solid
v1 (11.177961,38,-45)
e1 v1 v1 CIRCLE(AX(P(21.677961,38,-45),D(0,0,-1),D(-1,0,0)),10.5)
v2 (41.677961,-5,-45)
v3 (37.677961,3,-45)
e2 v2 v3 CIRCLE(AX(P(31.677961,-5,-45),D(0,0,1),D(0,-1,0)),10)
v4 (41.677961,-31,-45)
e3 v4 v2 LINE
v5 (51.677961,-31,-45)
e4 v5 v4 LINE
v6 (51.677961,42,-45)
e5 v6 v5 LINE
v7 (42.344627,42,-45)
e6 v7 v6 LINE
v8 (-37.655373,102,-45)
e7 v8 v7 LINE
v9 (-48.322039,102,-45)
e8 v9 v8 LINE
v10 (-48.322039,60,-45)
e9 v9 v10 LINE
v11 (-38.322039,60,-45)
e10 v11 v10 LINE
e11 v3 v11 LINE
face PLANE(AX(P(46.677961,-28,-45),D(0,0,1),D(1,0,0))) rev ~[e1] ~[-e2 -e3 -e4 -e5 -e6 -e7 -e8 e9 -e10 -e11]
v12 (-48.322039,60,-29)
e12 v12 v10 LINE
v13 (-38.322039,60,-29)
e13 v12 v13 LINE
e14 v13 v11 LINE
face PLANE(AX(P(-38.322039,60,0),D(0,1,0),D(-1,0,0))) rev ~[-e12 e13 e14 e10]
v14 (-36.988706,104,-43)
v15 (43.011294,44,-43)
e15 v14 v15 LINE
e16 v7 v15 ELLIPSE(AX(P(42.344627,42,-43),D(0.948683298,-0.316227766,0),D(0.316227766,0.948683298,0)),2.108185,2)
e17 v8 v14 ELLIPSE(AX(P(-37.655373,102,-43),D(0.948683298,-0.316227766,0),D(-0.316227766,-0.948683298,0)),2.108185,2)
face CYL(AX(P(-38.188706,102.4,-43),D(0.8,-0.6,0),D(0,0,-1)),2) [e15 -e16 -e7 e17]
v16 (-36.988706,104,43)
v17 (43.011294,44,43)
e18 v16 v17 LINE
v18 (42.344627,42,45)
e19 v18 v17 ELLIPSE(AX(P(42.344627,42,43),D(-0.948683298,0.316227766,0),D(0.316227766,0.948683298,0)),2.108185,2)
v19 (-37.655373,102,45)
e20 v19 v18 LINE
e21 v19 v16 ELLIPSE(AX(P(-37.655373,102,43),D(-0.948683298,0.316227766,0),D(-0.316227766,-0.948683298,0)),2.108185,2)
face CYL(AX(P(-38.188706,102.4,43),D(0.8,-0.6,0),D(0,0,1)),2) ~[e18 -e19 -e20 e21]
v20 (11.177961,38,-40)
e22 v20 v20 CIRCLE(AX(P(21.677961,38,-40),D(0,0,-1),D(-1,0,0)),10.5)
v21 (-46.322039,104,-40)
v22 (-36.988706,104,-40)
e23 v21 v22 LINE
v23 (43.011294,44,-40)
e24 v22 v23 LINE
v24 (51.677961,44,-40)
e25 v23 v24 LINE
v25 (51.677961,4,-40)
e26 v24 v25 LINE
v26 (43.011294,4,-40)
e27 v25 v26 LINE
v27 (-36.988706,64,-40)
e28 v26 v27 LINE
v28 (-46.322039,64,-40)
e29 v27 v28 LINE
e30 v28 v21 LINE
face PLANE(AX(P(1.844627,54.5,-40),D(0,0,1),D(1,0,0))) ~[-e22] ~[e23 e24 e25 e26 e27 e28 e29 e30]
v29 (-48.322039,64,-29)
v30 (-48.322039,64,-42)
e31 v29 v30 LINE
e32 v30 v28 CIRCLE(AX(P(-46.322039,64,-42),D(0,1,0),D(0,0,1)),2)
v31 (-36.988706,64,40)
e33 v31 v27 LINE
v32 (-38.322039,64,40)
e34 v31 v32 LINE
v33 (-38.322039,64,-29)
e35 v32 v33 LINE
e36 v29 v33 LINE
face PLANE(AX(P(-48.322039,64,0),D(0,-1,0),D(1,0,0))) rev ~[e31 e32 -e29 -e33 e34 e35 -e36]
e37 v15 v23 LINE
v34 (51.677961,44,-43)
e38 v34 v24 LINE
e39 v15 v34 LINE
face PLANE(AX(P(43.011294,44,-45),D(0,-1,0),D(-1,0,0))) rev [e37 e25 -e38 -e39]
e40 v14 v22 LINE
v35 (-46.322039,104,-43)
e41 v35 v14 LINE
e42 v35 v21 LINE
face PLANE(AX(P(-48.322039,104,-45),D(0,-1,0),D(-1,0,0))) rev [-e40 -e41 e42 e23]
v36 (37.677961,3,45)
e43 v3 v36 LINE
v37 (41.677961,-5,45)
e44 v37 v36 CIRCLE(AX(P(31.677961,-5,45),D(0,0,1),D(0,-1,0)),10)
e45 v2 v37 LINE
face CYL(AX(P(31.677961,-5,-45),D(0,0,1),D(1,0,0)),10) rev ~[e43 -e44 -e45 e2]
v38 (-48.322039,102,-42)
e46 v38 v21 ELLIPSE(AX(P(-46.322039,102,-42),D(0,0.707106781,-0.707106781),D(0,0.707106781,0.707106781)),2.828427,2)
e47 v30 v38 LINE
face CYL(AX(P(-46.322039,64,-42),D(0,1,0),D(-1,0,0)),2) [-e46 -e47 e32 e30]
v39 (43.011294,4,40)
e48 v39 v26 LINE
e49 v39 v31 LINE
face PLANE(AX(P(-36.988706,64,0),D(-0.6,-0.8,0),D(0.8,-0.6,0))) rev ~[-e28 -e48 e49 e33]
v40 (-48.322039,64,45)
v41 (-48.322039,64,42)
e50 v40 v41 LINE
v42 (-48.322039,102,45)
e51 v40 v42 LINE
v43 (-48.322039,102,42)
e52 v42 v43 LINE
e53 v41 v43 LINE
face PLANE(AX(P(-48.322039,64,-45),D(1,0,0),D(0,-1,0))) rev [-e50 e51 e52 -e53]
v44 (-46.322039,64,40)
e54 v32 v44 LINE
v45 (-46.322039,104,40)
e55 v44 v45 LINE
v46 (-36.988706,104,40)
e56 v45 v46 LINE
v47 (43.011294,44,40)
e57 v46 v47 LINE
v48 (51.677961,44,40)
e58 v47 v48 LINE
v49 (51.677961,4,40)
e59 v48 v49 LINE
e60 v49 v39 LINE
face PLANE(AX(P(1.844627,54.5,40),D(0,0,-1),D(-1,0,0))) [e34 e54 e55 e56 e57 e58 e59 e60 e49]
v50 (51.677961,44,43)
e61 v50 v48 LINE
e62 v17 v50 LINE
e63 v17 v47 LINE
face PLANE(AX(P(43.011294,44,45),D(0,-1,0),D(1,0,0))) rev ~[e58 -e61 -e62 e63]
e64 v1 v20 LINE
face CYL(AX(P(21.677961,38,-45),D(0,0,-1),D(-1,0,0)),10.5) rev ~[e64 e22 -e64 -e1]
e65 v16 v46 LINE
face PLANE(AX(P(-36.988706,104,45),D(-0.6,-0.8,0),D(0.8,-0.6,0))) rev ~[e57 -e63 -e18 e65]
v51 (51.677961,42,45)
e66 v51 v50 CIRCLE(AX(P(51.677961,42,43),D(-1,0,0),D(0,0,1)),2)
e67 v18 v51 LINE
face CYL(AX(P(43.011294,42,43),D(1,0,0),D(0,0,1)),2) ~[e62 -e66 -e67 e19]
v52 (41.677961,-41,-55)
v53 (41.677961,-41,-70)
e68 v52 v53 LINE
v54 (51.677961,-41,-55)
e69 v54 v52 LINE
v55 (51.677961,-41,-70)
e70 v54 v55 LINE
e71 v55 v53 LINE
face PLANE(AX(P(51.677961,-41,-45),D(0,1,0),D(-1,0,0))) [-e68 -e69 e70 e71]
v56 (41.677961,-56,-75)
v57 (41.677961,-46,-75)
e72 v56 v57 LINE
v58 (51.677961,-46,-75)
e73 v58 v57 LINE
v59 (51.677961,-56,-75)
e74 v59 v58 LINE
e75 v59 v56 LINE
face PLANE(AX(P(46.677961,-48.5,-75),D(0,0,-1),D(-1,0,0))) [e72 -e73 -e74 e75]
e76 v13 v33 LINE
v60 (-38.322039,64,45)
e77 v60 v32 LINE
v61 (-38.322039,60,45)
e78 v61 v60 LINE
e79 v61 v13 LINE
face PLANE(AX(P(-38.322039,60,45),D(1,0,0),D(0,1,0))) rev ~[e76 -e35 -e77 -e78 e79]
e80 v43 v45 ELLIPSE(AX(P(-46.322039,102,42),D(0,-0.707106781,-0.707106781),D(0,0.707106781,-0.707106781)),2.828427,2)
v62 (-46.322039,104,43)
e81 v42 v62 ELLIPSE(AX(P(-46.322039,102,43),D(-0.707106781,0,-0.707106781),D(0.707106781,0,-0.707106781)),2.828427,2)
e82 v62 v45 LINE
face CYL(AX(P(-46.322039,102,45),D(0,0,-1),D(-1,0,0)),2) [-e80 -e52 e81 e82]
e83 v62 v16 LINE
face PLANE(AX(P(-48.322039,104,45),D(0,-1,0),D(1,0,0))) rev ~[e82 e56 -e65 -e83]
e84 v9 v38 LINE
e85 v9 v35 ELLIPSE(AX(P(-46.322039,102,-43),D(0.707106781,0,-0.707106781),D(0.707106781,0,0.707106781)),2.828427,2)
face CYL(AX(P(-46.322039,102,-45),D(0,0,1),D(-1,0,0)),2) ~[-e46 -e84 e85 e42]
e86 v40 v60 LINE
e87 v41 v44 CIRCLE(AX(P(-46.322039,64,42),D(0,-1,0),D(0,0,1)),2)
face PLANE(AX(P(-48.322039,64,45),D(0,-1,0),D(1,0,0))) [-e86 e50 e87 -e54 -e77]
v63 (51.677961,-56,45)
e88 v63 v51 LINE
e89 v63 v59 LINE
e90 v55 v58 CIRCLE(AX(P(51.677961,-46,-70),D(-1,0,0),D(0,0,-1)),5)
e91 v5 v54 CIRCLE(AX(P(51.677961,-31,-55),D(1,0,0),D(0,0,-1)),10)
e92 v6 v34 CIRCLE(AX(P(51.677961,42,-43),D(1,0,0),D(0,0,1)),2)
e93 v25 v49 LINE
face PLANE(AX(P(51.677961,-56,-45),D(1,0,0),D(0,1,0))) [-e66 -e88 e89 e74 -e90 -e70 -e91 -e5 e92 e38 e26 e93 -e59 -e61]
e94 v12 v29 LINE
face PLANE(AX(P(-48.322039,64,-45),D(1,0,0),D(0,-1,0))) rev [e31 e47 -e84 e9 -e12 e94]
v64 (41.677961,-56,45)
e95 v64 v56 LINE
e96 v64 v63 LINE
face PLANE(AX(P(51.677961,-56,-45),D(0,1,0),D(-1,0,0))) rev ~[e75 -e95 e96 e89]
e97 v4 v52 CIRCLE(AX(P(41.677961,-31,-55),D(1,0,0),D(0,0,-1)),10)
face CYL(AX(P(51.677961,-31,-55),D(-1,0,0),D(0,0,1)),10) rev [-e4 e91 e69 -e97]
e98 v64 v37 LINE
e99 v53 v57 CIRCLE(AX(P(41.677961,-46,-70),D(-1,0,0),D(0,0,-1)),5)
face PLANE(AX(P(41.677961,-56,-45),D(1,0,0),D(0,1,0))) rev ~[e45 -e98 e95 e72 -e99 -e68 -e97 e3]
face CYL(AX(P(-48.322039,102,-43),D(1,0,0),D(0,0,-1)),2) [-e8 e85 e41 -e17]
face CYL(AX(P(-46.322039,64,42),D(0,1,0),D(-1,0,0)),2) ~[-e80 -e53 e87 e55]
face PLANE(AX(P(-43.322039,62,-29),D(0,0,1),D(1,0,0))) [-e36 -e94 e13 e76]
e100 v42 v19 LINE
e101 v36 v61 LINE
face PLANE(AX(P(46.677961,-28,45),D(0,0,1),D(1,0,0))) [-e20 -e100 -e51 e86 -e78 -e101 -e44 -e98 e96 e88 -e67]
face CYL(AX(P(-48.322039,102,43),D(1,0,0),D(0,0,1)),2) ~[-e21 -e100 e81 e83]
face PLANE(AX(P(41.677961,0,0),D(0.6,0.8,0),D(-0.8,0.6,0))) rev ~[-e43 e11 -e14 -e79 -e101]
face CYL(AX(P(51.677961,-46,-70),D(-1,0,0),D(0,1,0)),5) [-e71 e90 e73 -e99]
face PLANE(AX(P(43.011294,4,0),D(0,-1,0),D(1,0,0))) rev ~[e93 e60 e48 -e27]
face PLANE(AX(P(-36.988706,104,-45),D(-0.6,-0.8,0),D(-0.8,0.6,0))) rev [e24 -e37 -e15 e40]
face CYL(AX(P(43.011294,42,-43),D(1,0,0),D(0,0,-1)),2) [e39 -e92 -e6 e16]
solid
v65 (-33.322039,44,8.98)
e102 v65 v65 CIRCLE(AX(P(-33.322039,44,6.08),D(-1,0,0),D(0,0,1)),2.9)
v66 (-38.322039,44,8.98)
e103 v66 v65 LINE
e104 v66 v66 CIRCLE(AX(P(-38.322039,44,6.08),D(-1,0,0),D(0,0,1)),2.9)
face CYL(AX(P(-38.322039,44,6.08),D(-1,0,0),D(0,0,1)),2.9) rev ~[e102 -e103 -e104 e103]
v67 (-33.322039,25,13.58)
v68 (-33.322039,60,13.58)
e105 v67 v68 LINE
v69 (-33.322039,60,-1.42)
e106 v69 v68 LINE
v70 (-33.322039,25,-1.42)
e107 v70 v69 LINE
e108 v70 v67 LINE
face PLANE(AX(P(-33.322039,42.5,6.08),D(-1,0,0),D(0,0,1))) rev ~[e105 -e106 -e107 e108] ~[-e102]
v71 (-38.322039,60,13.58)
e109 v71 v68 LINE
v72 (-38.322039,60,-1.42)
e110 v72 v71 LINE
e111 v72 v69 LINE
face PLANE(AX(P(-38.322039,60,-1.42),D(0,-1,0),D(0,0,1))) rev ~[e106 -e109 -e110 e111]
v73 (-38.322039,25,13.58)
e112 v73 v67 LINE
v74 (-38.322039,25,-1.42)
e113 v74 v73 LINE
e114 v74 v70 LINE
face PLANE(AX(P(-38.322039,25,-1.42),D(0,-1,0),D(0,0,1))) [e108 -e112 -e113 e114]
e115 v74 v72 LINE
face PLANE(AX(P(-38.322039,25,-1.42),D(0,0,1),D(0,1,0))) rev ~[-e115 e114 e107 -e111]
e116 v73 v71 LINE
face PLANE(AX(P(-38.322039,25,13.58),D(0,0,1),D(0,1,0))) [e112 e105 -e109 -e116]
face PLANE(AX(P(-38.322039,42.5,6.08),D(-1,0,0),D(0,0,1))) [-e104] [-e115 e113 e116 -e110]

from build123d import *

# Parameters (mm, degrees)
BOSS_EXTRUDE1_DEPTH = 45
BOSS_EXTRUDE2_DEPTH = 5
CUT_EXTRUDE1_REACH  = 148.924
SKETCH3_R           = 10.5
SKETCH8_W           = 10
SKETCH8_H           = 56
BOSS_EXTRUDE4_DEPTH = 90
FILLET2_R           = 10
FILLET3_R           = 2
SKETCH9_W           = 10
SKETCH9_H           = 4
CUT_EXTRUDE2_DEPTH  = 74
SKETCH10_W          = 15
SKETCH10_H          = 35
SKETCH10_R          = 2.9
BOSS_EXTRUDE5_DEPTH = 5
SKETCH11_W          = 10
SKETCH11_H          = 15
BOSS_EXTRUDE6_DEPTH = 30
FILLET4_R           = 10
FILLET5_R           = 5


with BuildPart() as part:
    # Sketch1 → Boss-Extrude1 (new, symmetric)
    with BuildSketch(Plane.XY):
        Polygon((41.677960524, 0), (-38.322039476, 60), (-48.322039476, 60), (-48.322039476, 64), (-36.988706143, 64), (43.011293857, 4), (51.677960524, 4), (51.677960524, 0), align=None)
    extrude(amount=BOSS_EXTRUDE1_DEPTH, both=True)

    # Sketch2 → Boss-Extrude2 (add)
    with BuildSketch(Plane.XY.offset(45)):
        Polygon((-48.322039476, 64), (-48.322039476, 104), (-36.988706143, 104), (43.011293857, 44), (51.677960524, 44), (51.677960524, 4), (43.011293857, 4), (-36.988706143, 64), align=None)
    boss_extrude2 = extrude(amount=-BOSS_EXTRUDE2_DEPTH)

    # Mirror1: Boss-Extrude2 across plane
    add(boss_extrude2.mirror(Plane.XY))

    # Sketch3 → Cut-Extrude1 (cut, up to next)
    with BuildSketch(Plane(origin=(0, 0, -45), x_dir=(-1, 0, 0), z_dir=(0, 0, -1)), mode=Mode.PRIVATE) as cut_extrude1_sk1:
        with Locations((-21.677960524, 38)):
            Circle(SKETCH3_R)
    cut_extrude1_tool1 = extrude(cut_extrude1_sk1.sketch, amount=-CUT_EXTRUDE1_REACH, mode=Mode.PRIVATE) & part.part
    add(cut_extrude1_tool1.solids().sort_by_distance((21.677961, 38, -45))[0], mode=Mode.SUBTRACT)

    # Sketch8 → Boss-Extrude4 (add)
    with BuildSketch(Plane.XY.offset(45)):
        with Locations((46.677960524, -28)):
            Rectangle(SKETCH8_W, SKETCH8_H)
    extrude(amount=-BOSS_EXTRUDE4_DEPTH)

    # Fillet2
    fillet2_edges = [part.edges().sort_by_distance(p)[0] for p in [
        (41.677960524, 0, 0),
    ]]
    fillet(fillet2_edges, radius=FILLET2_R)

    # Fillet3
    fillet3_edges = [part.edges().sort_by_distance(p)[0] for p in [
        (-48.322039476, 84, 40),
        (-48.322039476, 104, 42.5),
        (47.344627191, 44, 45),
        (3.011293857, 74, 45),
        (-42.655372809, 104, 45),
        (47.344627191, 44, -45),
        (3.011293857, 74, -45),
        (-42.655372809, 104, -45),
        (-48.322039476, 104, -42.5),
        (-48.322039476, 84, -40),
    ]]
    fillet(fillet3_edges, radius=FILLET3_R)

    # Sketch9 → Cut-Extrude2 (cut)
    with BuildSketch(Plane.XY.offset(45)):
        with Locations((-43.322039476, 62)):
            Rectangle(SKETCH9_W, SKETCH9_H)
    extrude(amount=-CUT_EXTRUDE2_DEPTH, mode=Mode.SUBTRACT)

    # Sketch11 → Boss-Extrude6 (add)
    with BuildSketch(Plane(origin=(0, 0, -45), x_dir=(-1, 0, 0), z_dir=(0, 0, -1))):
        with Locations((-46.677960524, -48.5)):
            Rectangle(SKETCH11_W, SKETCH11_H)
    extrude(amount=BOSS_EXTRUDE6_DEPTH)

    # Fillet4
    fillet4_edges = [part.edges().sort_by_distance(p)[0] for p in [
        (46.677960524, -41, -45),
    ]]
    fillet(fillet4_edges, radius=FILLET4_R)

    # Fillet5
    fillet5_edges = [part.edges().sort_by_distance(p)[0] for p in [
        (46.677960524, -41, -75),
    ]]
    fillet(fillet5_edges, radius=FILLET5_R)


with BuildPart() as body_2:
    # Sketch10 → Boss-Extrude5 (new body)
    with BuildSketch(Plane.ZY.offset(38.322039476)):
        with Locations((6.08, 42.5)):
            Rectangle(SKETCH10_W, SKETCH10_H)
        with Locations((6.08, 44)):
            Circle(SKETCH10_R, mode=Mode.SUBTRACT)
    extrude(amount=-BOSS_EXTRUDE5_DEPTH)


solid = Compound([part.part, body_2.part])
